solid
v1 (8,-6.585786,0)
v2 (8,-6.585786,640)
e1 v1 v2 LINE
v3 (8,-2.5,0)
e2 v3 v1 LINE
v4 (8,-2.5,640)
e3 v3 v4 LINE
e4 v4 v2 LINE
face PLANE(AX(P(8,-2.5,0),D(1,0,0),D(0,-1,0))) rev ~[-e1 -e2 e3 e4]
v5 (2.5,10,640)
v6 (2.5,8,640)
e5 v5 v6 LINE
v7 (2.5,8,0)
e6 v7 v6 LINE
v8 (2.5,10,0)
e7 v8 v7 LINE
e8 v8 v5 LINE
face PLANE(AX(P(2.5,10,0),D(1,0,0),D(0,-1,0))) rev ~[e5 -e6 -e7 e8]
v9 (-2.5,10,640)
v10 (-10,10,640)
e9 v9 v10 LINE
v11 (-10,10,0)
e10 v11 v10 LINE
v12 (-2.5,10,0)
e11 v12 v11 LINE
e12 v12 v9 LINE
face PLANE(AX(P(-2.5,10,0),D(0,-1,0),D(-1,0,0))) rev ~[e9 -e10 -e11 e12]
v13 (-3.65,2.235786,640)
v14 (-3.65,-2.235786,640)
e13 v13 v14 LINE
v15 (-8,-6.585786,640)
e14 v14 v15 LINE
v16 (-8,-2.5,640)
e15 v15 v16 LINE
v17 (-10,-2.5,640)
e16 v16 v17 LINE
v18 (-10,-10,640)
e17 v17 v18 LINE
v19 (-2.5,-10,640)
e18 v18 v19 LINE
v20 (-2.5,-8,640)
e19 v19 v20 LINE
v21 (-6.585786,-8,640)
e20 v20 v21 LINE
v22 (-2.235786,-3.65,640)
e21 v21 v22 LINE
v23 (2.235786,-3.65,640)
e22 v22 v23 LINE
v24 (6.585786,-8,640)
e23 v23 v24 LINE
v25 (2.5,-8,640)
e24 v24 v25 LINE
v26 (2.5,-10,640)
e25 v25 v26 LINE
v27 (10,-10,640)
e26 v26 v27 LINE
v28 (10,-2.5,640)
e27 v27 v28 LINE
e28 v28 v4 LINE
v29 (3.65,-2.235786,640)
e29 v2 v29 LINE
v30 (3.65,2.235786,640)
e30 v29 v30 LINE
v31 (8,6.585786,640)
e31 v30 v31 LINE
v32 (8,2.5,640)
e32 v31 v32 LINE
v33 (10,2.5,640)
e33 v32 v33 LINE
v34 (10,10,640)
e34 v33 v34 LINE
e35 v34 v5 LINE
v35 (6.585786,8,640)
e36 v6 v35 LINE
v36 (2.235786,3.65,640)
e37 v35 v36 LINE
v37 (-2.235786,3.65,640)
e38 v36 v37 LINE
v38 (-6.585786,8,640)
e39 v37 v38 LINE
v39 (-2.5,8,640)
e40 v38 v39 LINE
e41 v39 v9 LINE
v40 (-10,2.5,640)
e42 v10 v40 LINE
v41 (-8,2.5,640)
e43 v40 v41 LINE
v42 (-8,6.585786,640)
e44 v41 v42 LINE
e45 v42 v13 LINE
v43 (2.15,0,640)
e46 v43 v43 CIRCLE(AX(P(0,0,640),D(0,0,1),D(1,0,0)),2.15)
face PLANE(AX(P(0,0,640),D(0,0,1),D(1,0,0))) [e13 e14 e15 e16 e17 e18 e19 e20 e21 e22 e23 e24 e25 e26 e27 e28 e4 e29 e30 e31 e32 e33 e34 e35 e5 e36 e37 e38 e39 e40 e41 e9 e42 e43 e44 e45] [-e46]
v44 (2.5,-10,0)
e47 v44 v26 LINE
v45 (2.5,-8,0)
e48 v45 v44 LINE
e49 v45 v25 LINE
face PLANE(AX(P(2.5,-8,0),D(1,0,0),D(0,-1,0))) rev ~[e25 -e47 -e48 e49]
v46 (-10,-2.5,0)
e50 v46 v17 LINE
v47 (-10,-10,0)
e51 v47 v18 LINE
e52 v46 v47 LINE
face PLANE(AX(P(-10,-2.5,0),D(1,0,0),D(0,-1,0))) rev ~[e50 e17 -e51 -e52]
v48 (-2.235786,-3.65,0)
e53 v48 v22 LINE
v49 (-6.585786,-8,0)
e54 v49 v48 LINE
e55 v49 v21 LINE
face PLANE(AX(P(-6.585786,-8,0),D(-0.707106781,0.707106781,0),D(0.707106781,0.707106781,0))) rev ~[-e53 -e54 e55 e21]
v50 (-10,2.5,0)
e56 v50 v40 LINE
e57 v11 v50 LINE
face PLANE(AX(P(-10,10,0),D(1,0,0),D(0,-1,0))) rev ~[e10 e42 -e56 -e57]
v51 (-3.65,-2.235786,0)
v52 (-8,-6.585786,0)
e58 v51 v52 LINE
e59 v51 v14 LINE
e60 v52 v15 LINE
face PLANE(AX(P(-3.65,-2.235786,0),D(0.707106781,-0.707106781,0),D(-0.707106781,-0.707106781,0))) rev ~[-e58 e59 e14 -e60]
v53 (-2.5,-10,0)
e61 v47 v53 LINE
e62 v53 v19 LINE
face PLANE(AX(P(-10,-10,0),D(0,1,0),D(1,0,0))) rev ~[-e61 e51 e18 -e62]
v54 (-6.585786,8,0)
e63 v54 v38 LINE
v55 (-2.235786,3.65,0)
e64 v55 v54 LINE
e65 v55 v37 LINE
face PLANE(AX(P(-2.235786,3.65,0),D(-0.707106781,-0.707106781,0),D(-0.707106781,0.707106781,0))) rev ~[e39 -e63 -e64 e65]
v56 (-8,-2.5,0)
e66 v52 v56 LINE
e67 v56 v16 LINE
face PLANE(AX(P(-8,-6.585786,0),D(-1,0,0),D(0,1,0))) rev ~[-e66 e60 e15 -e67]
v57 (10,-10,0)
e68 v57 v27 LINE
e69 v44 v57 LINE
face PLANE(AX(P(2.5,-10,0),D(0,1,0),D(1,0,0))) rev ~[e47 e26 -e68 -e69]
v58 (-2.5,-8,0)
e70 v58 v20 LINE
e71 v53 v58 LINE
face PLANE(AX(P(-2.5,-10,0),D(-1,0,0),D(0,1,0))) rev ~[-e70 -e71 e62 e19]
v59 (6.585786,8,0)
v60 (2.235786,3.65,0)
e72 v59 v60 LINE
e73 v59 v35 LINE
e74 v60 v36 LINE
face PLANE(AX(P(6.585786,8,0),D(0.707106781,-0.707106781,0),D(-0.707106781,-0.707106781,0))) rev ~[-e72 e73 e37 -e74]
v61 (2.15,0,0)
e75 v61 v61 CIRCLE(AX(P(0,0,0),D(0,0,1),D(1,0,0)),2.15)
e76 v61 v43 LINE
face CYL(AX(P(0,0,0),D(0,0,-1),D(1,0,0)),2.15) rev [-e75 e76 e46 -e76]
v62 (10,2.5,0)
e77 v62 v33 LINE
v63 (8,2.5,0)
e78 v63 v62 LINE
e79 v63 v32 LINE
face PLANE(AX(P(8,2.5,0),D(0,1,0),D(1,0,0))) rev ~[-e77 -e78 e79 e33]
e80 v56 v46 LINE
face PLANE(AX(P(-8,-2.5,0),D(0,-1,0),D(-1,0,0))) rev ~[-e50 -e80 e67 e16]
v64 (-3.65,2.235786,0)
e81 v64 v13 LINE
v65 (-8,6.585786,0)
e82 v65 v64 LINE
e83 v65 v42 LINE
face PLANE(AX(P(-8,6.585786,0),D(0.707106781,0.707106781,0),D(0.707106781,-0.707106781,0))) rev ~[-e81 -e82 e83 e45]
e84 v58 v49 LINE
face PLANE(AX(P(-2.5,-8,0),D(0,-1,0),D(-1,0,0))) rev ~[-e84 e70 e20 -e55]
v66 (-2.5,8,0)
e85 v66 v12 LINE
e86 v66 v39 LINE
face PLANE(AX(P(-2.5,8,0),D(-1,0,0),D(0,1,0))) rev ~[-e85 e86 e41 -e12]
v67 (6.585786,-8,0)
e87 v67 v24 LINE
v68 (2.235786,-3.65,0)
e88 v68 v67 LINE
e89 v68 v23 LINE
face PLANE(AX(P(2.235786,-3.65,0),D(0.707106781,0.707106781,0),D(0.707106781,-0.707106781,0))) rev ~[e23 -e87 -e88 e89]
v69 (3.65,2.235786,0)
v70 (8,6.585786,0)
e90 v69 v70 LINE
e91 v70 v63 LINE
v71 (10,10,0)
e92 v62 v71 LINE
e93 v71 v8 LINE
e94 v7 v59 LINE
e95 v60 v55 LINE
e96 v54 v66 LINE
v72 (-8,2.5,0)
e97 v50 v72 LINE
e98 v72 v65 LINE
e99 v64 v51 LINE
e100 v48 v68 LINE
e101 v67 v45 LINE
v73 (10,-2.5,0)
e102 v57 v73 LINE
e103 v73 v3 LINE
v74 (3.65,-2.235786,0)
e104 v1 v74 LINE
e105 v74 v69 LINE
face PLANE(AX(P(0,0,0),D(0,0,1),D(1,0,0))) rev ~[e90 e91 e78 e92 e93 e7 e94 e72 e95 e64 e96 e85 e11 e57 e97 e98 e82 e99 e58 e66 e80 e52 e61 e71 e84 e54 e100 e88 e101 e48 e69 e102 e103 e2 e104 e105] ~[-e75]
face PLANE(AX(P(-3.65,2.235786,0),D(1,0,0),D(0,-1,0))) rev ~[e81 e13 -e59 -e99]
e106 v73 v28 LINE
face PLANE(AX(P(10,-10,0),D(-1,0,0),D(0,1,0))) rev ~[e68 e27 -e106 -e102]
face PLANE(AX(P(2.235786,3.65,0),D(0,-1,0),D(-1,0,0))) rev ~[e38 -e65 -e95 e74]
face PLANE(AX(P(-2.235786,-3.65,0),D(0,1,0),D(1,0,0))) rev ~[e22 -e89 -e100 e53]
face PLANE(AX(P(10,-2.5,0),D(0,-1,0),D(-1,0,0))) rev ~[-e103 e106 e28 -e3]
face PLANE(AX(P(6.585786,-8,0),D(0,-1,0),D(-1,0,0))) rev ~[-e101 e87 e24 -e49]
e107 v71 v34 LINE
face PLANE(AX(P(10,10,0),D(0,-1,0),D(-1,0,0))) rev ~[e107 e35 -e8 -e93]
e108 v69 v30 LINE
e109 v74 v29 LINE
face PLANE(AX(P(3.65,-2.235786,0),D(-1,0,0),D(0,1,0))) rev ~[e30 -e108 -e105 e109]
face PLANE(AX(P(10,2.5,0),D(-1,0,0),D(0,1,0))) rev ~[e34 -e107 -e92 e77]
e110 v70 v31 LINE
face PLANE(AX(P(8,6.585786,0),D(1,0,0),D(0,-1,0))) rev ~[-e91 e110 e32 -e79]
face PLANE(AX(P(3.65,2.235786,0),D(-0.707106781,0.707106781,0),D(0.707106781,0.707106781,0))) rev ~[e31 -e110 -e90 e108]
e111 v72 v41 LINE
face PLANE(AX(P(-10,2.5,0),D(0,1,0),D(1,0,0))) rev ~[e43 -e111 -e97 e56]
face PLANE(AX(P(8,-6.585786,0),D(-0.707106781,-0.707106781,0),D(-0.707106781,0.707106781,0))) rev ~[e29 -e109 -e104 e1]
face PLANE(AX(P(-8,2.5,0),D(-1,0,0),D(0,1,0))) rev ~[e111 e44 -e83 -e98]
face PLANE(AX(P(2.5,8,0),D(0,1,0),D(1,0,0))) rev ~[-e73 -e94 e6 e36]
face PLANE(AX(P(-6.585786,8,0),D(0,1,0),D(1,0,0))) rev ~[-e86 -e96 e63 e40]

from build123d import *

# Parameters (mm, degrees)
ESQUISSE1_R        = 2.15
BOSS_EXTRU_1_DEPTH = 640


with BuildPart() as part:
    # Esquisse1 → Boss.-Extru.1 (new body)
    with BuildSketch(Plane.XY):
        Polygon((-2.5, 10), (-10, 10), (-10, 2.5), (-8, 2.5), (-8, 6.585786438), (-3.65, 2.235786438), (-3.65, -2.235786438), (-8, -6.585786438), (-8, -2.5), (-10, -2.5), (-10, -10), (-2.5, -10), (-2.5, -8), (-6.585786438, -8), (-2.235786438, -3.65), (2.235786438, -3.65), (6.585786438, -8), (2.5, -8), (2.5, -10), (10, -10), (10, -2.5), (8, -2.5), (8, -6.585786438), (3.65, -2.235786438), (3.65, 2.235786438), (8, 6.585786438), (8, 2.5), (10, 2.5), (10, 10), (2.5, 10), (2.5, 8), (6.585786438, 8), (2.235786438, 3.65), (-2.235786438, 3.65), (-6.585786438, 8), (-2.5, 8), align=None)
        Circle(ESQUISSE1_R, mode=Mode.SUBTRACT)
    extrude(amount=BOSS_EXTRU_1_DEPTH)


solid = part.part
